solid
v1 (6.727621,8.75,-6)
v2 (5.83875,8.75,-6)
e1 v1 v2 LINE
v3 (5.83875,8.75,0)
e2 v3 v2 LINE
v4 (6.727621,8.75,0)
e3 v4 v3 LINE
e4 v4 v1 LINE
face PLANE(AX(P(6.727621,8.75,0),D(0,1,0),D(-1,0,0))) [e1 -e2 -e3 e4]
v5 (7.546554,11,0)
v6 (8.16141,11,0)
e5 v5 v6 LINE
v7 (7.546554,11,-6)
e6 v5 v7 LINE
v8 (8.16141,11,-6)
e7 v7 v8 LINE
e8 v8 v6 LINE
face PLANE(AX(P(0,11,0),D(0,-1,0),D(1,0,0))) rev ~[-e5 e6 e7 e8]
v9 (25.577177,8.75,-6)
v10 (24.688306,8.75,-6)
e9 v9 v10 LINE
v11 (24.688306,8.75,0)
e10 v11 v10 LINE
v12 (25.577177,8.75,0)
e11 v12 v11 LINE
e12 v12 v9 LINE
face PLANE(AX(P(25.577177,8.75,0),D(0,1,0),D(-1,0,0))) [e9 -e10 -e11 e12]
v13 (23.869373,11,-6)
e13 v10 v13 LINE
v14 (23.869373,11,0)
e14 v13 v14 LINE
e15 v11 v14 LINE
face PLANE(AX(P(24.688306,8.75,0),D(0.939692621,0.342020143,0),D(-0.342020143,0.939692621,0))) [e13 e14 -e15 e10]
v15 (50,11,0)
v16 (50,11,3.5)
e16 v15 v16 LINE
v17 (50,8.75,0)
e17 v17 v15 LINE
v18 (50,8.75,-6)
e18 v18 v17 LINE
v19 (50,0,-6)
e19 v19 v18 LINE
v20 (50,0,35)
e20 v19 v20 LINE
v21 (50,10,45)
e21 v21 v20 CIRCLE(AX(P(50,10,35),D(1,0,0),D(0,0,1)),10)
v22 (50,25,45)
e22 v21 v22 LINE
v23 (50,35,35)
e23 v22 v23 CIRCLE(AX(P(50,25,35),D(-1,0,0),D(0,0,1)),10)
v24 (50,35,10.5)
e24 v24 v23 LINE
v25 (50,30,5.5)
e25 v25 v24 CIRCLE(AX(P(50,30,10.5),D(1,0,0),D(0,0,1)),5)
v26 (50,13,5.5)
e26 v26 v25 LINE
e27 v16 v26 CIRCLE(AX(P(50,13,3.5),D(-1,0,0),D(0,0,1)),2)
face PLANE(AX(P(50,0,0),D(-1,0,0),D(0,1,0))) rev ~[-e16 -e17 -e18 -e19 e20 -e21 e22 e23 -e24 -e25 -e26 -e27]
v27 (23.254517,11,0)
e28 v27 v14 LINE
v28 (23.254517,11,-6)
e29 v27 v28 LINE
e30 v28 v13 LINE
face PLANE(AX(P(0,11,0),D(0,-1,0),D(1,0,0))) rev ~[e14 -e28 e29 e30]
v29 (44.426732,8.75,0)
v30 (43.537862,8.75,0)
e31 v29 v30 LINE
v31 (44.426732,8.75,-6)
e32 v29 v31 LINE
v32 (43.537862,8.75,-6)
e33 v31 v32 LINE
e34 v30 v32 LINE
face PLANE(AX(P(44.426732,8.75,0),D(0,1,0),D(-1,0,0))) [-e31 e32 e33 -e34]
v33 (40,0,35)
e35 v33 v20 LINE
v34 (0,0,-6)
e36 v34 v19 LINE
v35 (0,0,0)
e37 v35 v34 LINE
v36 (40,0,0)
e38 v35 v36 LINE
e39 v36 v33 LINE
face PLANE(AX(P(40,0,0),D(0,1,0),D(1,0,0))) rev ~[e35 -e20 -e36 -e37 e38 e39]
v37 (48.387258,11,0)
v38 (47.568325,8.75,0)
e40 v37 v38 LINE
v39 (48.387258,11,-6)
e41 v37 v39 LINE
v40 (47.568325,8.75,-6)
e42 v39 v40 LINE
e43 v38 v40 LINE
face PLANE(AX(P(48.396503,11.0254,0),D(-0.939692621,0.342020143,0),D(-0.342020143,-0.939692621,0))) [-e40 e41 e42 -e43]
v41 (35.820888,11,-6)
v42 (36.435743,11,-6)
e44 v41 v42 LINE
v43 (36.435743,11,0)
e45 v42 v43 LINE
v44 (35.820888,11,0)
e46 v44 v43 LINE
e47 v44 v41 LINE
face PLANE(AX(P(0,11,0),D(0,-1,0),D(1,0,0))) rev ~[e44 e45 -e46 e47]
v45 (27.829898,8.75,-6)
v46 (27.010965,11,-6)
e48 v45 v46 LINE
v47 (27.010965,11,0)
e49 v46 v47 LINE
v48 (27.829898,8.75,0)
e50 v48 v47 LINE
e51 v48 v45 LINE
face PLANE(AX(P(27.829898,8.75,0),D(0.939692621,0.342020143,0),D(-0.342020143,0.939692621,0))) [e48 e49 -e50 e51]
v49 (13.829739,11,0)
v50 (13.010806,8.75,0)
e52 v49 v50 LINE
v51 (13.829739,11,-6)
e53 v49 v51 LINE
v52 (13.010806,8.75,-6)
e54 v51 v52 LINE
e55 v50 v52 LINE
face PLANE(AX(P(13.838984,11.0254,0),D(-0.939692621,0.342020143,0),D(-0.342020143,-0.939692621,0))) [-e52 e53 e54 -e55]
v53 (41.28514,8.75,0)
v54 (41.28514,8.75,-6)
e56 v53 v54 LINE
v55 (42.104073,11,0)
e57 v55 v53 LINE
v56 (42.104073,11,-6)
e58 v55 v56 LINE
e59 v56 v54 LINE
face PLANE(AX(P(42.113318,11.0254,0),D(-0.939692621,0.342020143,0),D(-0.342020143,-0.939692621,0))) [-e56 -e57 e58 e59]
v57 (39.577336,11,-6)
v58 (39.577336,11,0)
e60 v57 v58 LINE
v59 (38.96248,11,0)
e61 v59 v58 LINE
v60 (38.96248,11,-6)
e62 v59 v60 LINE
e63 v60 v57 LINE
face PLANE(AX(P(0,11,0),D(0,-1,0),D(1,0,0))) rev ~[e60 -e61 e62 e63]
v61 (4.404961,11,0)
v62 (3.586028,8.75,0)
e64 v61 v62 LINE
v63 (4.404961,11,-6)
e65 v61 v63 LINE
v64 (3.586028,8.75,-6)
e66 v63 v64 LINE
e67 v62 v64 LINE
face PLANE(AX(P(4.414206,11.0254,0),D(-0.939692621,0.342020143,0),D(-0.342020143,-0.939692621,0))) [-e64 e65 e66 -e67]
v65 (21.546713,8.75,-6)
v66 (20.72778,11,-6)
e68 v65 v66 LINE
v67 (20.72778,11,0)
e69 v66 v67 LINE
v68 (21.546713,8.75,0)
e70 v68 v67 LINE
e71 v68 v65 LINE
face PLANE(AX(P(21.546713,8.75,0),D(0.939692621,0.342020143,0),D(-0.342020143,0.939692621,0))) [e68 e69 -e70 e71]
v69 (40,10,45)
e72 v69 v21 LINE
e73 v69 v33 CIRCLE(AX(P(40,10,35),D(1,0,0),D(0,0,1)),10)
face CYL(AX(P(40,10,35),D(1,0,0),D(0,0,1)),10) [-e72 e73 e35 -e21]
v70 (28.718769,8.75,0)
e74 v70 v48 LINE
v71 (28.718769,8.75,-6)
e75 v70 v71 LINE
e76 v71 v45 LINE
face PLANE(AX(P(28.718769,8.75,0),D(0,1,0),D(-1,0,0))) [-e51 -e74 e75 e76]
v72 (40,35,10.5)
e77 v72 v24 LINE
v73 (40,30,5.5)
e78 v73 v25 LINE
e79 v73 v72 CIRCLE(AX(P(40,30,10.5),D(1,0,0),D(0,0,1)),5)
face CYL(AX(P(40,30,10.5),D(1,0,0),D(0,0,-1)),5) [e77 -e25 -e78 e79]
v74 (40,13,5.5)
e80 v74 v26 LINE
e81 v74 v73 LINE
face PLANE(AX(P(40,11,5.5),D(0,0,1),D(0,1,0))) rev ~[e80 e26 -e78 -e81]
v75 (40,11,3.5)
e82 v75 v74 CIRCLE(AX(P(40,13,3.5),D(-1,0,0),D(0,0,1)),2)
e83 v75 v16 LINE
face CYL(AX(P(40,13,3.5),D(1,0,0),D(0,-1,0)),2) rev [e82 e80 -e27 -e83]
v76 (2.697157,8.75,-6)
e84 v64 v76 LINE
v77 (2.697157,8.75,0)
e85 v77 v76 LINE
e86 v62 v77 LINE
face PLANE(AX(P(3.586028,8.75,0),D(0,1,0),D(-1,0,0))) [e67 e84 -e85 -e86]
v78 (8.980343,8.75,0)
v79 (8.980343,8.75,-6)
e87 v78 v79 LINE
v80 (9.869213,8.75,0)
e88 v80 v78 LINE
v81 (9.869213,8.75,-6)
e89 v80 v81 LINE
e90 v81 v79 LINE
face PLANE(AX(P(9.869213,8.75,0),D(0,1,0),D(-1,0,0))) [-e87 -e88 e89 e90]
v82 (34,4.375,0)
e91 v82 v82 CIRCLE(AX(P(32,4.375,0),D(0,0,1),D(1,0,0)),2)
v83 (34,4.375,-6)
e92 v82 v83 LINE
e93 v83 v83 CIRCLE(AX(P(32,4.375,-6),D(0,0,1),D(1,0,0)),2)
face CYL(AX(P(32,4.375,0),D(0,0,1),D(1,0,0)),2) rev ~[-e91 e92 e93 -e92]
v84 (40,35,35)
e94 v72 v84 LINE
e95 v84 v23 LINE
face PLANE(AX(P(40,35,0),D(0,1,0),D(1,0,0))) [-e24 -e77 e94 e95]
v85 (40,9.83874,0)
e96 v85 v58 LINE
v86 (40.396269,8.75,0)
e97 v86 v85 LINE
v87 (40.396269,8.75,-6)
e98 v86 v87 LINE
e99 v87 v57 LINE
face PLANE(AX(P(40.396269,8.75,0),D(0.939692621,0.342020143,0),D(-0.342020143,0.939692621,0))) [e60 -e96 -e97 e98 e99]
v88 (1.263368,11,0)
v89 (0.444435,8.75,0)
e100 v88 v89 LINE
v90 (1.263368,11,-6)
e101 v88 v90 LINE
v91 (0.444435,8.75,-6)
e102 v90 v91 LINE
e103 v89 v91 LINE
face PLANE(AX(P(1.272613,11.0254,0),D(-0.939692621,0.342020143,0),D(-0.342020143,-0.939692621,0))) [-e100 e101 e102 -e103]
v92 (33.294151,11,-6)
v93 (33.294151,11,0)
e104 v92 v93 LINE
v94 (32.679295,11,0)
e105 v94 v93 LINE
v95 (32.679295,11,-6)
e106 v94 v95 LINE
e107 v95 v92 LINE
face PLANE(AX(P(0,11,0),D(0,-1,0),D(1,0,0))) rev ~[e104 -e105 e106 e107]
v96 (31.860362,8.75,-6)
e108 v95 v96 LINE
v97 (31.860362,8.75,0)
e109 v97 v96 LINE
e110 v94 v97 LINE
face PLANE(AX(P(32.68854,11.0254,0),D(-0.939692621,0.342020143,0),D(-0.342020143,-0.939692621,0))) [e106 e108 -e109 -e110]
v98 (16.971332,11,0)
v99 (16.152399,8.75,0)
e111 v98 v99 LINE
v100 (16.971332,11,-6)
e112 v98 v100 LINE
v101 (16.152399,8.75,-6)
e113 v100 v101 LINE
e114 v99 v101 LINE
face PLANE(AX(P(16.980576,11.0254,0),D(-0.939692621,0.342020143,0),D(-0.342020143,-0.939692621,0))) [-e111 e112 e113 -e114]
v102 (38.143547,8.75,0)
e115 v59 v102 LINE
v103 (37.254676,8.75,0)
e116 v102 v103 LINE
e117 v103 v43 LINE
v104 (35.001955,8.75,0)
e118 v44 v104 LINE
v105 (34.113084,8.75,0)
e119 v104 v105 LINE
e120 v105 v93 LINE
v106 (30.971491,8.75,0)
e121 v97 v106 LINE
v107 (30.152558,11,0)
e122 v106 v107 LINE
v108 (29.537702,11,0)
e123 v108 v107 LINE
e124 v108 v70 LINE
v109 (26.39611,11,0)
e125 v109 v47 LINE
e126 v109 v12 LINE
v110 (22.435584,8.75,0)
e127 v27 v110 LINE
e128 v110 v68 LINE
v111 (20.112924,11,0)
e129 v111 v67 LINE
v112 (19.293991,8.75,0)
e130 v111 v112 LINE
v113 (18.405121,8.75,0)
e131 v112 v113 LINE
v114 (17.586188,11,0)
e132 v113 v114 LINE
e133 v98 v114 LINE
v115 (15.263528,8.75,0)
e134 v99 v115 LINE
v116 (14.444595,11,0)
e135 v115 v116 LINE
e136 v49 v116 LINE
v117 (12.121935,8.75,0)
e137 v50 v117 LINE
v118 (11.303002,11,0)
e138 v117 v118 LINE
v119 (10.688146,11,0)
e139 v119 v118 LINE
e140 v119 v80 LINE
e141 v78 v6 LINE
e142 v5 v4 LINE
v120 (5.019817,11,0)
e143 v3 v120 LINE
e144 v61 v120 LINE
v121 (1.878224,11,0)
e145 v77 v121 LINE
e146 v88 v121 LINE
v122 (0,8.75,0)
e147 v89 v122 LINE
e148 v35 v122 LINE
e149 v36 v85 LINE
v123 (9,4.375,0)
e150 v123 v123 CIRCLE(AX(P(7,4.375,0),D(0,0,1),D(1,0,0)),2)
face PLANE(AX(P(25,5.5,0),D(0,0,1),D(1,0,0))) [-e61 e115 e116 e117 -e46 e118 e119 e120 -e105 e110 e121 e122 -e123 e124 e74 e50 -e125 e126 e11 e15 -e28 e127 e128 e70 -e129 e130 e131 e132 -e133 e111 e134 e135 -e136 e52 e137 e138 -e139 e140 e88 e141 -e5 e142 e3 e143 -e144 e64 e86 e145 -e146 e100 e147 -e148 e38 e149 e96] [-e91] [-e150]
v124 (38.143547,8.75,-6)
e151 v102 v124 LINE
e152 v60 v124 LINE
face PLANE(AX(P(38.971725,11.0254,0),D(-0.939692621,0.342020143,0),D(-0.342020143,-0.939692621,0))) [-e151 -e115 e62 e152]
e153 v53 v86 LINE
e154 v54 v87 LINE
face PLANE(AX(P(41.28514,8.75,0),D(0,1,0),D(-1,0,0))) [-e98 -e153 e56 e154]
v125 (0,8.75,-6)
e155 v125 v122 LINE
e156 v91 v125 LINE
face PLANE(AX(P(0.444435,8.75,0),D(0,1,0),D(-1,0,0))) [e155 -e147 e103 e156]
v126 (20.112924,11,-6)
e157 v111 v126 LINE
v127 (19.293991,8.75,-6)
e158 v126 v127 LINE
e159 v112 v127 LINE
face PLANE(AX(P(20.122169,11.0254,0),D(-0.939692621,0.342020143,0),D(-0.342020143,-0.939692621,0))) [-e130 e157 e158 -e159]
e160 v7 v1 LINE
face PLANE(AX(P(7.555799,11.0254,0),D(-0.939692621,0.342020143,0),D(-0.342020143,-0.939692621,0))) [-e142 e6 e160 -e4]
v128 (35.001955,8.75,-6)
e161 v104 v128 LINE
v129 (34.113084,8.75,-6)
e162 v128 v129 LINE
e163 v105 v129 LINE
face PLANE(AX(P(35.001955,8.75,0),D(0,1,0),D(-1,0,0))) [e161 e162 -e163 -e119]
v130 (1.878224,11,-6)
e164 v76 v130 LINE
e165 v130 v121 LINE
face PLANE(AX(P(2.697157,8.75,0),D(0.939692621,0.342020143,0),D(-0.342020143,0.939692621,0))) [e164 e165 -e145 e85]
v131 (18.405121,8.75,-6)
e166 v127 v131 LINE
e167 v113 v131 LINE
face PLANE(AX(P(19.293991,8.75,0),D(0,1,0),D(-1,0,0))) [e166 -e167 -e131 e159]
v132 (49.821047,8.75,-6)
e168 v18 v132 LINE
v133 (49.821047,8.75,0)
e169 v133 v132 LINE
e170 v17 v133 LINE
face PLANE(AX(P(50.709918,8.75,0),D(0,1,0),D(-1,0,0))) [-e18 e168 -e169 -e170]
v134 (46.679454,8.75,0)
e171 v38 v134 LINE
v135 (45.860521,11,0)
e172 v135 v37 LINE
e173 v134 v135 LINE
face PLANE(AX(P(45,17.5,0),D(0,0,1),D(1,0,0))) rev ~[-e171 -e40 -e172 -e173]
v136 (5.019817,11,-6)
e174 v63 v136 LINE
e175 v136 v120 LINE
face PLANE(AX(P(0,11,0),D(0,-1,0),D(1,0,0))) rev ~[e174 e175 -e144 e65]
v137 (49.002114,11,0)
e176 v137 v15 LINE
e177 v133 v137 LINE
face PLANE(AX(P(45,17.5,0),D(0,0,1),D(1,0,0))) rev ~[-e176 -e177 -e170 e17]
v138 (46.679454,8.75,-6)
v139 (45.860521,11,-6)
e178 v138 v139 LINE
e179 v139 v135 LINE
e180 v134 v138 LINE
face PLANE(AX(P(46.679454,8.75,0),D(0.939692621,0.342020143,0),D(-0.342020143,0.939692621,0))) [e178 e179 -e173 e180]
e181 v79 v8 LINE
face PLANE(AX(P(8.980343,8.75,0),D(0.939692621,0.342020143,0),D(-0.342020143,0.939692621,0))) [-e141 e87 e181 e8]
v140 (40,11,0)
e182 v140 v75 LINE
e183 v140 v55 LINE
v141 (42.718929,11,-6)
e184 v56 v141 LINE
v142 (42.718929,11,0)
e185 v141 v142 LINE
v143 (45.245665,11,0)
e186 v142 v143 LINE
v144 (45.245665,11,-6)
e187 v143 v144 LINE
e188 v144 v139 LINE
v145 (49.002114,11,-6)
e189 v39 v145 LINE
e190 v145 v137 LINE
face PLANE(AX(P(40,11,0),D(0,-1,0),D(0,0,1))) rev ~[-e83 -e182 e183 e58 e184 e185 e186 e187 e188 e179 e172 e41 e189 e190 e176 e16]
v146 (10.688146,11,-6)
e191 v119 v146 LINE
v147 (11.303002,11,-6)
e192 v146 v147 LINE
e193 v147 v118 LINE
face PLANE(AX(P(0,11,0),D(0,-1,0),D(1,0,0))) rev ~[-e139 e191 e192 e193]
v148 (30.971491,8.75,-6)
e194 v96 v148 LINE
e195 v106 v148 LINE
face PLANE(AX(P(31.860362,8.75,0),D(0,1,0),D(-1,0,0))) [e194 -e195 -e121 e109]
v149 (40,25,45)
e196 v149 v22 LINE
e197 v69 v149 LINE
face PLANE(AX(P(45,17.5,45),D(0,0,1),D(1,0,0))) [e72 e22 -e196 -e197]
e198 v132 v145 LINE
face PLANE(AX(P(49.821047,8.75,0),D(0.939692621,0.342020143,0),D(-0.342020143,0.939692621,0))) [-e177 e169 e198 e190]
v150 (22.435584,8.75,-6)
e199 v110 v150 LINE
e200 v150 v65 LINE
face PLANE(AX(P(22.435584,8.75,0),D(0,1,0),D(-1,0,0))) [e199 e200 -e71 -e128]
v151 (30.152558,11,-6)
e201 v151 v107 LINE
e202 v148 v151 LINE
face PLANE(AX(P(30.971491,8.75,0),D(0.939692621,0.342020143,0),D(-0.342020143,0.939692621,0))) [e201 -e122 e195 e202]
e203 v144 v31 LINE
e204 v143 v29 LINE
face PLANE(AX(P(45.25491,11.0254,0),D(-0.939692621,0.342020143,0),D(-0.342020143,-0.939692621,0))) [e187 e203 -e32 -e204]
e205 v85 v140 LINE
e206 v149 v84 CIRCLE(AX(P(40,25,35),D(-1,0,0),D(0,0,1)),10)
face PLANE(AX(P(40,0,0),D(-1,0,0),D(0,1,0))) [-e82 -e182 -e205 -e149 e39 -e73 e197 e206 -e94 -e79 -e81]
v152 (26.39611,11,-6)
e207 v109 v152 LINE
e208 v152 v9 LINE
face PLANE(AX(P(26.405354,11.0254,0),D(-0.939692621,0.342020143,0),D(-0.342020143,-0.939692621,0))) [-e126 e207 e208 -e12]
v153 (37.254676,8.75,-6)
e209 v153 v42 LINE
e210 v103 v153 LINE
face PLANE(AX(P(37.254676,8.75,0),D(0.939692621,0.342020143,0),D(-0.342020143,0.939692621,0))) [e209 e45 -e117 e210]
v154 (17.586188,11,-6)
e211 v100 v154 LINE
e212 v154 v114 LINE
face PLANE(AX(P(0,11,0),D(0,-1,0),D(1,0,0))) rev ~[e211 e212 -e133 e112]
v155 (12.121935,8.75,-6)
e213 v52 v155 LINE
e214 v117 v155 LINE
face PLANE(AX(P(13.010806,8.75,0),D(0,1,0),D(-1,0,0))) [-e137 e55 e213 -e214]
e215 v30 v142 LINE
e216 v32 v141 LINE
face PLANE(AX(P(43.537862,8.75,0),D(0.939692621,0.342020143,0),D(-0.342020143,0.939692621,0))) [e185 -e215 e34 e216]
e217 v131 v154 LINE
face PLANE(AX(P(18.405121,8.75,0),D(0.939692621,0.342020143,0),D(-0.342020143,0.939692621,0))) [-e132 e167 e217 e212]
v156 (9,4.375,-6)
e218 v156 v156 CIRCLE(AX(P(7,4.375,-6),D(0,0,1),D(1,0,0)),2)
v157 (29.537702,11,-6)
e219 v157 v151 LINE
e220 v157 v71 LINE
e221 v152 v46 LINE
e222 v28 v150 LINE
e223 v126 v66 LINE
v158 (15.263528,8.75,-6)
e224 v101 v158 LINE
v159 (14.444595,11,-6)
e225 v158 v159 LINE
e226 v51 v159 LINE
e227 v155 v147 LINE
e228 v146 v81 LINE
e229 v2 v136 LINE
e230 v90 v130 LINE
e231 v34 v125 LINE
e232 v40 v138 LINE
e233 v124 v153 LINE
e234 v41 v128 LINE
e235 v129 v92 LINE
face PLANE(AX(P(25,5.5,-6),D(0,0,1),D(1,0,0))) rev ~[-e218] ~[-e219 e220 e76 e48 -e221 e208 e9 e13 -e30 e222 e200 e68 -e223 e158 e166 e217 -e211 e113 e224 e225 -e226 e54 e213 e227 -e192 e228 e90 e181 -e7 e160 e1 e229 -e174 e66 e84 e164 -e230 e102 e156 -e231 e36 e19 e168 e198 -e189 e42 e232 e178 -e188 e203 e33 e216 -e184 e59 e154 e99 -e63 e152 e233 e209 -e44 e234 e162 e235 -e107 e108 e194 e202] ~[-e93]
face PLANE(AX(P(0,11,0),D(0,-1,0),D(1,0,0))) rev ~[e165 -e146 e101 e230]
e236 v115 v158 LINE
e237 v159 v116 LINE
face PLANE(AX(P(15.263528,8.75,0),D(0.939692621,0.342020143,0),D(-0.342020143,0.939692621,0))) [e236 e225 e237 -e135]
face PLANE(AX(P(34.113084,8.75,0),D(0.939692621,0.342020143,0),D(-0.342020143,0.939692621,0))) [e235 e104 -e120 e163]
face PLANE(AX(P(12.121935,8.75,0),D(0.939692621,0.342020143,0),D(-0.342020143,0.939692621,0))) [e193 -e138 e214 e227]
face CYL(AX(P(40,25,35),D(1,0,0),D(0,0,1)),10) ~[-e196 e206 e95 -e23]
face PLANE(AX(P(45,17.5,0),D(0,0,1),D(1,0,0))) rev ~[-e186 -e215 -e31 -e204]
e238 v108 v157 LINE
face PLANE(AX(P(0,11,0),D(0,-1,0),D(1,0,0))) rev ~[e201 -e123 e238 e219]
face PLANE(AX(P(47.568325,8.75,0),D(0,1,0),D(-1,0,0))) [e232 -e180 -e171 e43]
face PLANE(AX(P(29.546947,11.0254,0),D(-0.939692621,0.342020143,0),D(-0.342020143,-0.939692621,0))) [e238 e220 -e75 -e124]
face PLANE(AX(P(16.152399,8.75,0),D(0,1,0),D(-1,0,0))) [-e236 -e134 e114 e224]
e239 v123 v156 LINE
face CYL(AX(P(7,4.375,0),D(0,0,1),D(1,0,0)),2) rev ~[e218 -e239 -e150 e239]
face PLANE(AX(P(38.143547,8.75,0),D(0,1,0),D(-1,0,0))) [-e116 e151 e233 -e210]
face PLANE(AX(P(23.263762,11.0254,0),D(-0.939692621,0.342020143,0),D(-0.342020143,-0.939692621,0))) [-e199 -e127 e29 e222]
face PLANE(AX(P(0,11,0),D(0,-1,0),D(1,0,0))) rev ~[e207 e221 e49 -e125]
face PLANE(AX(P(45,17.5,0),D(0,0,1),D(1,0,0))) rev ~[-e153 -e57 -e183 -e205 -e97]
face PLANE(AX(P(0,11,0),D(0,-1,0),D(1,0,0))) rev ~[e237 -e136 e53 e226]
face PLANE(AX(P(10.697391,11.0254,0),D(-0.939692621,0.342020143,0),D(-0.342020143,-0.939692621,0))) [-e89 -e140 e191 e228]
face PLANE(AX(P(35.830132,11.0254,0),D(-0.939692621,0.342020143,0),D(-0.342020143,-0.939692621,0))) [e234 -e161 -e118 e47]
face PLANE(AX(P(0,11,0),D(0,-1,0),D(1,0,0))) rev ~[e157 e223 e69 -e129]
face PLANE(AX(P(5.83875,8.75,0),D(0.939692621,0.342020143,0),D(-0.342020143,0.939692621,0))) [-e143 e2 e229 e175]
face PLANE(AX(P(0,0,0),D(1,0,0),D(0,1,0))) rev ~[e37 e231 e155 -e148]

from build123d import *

# Parameters (mm, degrees)
BLANKSKE_W          = 50
BLANKSKE_H          = 11
BLANK_DEPTH         = 6
TOOTHCUTSIM_DEPTH   = 52.546095875
TEETHCUTS_COUNT     = 17
TEETHCUTS_PITCH     = 3.14159265
SKETCH1_W           = 10
SKETCH1_H           = 35
BOSS_EXTRUDE1_DEPTH = 45
FILLET1_R           = 10
SKETCH2_R           = 2
CUT_EXTRUDE1_DEPTH  = 25
SKETCH4_W           = 5.5
SKETCH4_H           = 30
CUT_EXTRUDE2_DEPTH  = 10
FILLET3_R           = 2
FILLET4_R           = 5


with BuildPart() as part:
    # BlankSke → Blank (new body)
    with BuildSketch(Plane.XY):
        with Locations((25, 5.5)):
            Rectangle(BLANKSKE_W, BLANKSKE_H)
    extrude(amount=-BLANK_DEPTH)

    # TooCutSkeSim → ToothCutSim (cut, through all)
    with BuildSketch(Plane.XY):
        Polygon((0.44443537, 8.75), (-0.44443537, 8.75), (-1.272613241, 11.0254), (1.272613241, 11.0254), align=None)
    toothcutsim = extrude(amount=-TOOTHCUTSIM_DEPTH, mode=Mode.SUBTRACT)

    # TeethCuts: ToothCutSim ×17
    with Locations(*[(i * TEETHCUTS_PITCH, 0, 0) for i in range(1, TEETHCUTS_COUNT)]):
        add(toothcutsim, mode=Mode.SUBTRACT)

    # Sketch1 → Boss-Extrude1 (add)
    with BuildSketch(Plane.XY):
        with Locations((45, 17.5)):
            Rectangle(SKETCH1_W, SKETCH1_H)
    extrude(amount=BOSS_EXTRUDE1_DEPTH)

    # Fillet1
    fillet1_edges = [part.edges().sort_by_distance(p)[0] for p in [
        (45, 35, 45),
        (45, 0, 45),
    ]]
    fillet(fillet1_edges, radius=FILLET1_R)

    # Sketch2 → Cut-Extrude1 (cut)
    with BuildSketch(Plane.XY):
        with Locations((7, 4.375)):
            Circle(SKETCH2_R)
        with Locations((32, 4.375)):
            Circle(SKETCH2_R)
    extrude(amount=-CUT_EXTRUDE1_DEPTH, mode=Mode.SUBTRACT)

    # Sketch4 → Cut-Extrude2 (cut)
    with BuildSketch(Plane.ZY.offset(-40)):
        with Locations((2.75, 26)):
            Rectangle(SKETCH4_W, SKETCH4_H)
    extrude(amount=-CUT_EXTRUDE2_DEPTH, mode=Mode.SUBTRACT)

    # Fillet3
    fillet3_edges = [part.edges().sort_by_distance(p)[0] for p in [
        (45, 11, 5.5),
    ]]
    fillet(fillet3_edges, radius=FILLET3_R)

    # Fillet4
    fillet4_edges = [part.edges().sort_by_distance(p)[0] for p in [
        (45, 35, 5.5),
    ]]
    fillet(fillet4_edges, radius=FILLET4_R)


solid = part.part
